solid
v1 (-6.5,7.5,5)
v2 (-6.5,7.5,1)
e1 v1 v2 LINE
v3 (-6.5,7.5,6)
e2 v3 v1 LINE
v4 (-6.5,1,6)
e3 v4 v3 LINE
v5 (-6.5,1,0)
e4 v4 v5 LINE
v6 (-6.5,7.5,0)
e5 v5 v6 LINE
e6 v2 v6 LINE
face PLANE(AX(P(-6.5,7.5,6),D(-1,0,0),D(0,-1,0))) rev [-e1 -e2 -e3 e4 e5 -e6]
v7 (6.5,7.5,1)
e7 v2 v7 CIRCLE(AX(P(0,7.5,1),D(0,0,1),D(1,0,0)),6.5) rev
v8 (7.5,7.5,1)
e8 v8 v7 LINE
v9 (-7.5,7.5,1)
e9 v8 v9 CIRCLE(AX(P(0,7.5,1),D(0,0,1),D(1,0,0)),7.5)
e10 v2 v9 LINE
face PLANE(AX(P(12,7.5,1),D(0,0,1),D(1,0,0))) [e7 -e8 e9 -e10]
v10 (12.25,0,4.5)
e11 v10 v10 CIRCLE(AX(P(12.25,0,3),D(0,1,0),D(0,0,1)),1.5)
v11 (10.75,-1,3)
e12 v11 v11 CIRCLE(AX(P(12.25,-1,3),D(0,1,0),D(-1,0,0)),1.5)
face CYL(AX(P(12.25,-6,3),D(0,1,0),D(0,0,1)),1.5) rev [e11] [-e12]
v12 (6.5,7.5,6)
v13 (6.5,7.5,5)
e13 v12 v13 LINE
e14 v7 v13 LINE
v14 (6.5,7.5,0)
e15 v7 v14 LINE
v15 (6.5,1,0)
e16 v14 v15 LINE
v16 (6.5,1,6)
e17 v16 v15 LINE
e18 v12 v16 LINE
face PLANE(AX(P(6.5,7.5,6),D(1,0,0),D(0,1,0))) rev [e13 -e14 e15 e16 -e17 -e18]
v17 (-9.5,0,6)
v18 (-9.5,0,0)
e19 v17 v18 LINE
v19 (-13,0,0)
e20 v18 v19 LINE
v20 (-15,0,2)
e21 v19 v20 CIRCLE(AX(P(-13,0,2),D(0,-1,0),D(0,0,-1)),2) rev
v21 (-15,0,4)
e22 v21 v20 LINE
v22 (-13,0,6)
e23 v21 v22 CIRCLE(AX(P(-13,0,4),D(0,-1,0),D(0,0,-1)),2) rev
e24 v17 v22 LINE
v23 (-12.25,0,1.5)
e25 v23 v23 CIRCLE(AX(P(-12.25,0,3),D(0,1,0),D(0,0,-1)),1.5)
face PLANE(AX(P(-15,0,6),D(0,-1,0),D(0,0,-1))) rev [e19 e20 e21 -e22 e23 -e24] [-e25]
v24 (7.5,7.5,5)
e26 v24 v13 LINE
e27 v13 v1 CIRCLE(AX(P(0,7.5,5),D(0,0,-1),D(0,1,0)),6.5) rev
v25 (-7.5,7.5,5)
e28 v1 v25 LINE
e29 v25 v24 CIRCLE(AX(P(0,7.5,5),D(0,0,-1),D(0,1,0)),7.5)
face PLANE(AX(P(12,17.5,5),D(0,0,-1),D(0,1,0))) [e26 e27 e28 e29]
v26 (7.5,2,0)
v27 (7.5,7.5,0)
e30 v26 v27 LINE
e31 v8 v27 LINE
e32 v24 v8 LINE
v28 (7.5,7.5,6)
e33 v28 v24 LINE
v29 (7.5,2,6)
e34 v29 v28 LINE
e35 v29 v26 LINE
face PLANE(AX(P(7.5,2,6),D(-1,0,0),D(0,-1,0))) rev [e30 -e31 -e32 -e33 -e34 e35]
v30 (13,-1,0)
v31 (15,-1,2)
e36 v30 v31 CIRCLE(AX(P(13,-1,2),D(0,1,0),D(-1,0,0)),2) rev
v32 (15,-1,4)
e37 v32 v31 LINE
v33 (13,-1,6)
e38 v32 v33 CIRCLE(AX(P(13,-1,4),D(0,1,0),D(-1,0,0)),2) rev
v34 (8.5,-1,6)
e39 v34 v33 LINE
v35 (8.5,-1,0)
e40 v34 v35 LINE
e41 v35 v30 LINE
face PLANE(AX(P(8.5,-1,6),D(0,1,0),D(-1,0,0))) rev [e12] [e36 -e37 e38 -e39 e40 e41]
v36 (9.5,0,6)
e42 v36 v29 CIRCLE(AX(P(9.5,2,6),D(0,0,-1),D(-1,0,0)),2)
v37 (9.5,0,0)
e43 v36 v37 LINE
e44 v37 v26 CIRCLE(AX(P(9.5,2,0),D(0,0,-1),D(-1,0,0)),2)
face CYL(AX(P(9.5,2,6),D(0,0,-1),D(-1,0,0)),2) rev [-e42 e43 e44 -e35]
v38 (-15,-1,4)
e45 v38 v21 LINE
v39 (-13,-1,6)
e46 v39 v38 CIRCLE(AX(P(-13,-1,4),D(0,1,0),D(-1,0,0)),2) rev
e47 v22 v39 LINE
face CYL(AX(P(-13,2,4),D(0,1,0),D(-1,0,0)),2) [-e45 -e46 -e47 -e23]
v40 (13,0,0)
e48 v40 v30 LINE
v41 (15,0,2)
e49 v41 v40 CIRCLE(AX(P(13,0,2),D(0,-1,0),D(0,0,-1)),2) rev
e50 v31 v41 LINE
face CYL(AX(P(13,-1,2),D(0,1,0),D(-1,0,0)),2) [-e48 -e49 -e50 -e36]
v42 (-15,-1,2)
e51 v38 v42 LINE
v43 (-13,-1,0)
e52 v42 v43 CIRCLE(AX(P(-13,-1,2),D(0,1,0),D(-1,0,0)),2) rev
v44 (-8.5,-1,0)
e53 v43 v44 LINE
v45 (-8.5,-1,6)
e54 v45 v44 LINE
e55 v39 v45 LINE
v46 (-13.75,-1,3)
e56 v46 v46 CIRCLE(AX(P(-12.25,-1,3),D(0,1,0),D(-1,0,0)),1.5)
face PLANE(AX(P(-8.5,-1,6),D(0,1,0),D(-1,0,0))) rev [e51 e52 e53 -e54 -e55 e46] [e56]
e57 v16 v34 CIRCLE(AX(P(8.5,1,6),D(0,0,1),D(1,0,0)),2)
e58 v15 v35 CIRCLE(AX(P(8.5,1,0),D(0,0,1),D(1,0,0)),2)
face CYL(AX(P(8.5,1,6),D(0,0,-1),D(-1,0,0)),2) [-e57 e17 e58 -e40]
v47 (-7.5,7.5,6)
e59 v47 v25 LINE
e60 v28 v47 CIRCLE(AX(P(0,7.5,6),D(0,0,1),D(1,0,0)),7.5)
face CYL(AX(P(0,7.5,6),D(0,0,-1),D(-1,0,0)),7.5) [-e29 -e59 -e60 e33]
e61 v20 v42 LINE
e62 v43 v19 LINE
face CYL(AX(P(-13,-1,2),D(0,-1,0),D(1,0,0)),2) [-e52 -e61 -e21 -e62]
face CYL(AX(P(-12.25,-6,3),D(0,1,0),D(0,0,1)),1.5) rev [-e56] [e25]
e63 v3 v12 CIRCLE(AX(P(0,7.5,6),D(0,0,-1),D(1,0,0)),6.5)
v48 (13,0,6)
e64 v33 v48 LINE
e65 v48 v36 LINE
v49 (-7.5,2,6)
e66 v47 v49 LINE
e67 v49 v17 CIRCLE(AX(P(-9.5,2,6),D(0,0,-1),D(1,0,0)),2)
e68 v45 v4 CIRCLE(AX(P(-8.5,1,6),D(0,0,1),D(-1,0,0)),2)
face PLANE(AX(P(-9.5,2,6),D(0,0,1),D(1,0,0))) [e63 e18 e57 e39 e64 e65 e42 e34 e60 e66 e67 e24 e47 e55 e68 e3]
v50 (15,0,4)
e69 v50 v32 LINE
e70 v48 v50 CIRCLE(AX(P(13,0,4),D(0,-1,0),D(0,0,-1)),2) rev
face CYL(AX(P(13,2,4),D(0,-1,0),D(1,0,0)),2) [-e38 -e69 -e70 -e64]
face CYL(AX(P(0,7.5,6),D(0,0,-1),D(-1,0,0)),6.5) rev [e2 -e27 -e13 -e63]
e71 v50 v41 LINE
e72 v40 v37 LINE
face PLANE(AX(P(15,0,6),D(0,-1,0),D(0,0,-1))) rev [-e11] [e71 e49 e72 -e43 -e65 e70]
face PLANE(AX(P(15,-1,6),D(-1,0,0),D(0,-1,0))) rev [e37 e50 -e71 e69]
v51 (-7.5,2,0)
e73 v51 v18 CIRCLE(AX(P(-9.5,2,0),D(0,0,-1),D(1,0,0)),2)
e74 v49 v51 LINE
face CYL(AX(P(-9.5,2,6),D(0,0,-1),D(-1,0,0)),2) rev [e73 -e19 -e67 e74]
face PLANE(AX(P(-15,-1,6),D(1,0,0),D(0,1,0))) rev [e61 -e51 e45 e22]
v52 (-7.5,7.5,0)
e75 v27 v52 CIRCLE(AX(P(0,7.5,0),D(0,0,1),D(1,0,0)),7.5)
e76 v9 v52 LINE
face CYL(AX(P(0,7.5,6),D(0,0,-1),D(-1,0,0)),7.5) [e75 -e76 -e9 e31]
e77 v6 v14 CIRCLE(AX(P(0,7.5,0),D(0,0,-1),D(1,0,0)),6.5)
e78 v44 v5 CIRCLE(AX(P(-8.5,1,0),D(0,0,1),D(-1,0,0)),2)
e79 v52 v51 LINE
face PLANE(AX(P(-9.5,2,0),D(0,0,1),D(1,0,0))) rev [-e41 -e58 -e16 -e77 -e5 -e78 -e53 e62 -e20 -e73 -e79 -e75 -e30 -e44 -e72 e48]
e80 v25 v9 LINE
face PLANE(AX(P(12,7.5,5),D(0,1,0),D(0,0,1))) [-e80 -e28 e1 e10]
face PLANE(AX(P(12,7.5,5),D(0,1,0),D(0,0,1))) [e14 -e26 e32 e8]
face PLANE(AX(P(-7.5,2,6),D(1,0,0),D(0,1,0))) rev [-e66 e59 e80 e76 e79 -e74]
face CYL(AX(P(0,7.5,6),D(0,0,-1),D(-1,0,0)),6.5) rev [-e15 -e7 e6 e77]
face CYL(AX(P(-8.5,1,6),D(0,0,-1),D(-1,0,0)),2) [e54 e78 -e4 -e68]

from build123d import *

# Parameters (mm, degrees)
BOSS_EXTRUDE1_DEPTH     = 6
SKETCH2_R               = 1.5
CUT_EXTRUDE1_DEPTH      = 6
CUT_EXTRUDE2_DEPTH      = 12
CUT_EXTRUDE2_DEPTH_BACK = 17
SKETCH3_W               = 4
SKETCH3_H               = 10
FILLET1_R               = 2


with BuildPart() as part:
    # Sketch1 → Boss-Extrude1 (new body)
    with BuildSketch(Plane.XY):
        with BuildLine():
            Line((-15, 0), (-9.5, 0))
            ThreePointArc((-9.5, 0), (-8.085786438, 0.585786438), (-7.5, 2))
            Line((-7.5, 2), (-7.5, 7.5))
            ThreePointArc((-7.5, 7.5), (0, 15), (7.5, 7.5))
            Line((7.5, 7.5), (7.5, 2))
            ThreePointArc((7.5, 2), (8.085786438, 0.585786438), (9.5, 0))
            Line((9.5, 0), (15, 0))
            Line((15, 0), (15, -1))
            Line((15, -1), (8.5, -1))
            ThreePointArc((8.5, -1), (7.085786438, -0.414213562), (6.5, 1))
            Line((6.5, 1), (6.5, 7.5))
            ThreePointArc((6.5, 7.5), (0, 14), (-6.5, 7.5))
            Line((-6.5, 7.5), (-6.5, 1))
            ThreePointArc((-6.5, 1), (-7.085786438, -0.414213562), (-8.5, -1))
            Line((-8.5, -1), (-15, -1))
            Line((-15, -1), (-15, 0))
        make_face()
    extrude(amount=BOSS_EXTRUDE1_DEPTH)

    # Sketch2 → Cut-Extrude1 (cut)
    with BuildSketch(Plane(origin=(0, 0, 0), x_dir=(1, 0, 0), z_dir=(0, 1, 0))):
        with Locations(Location((12.25, -3, 0), (0, 0, 270))):
            Circle(SKETCH2_R)
        with Locations(Location((-12.25, -3, 0), (0, 0, 180))):
            Circle(SKETCH2_R)
    extrude(amount=-CUT_EXTRUDE1_DEPTH, mode=Mode.SUBTRACT)

    # Sketch3 → Cut-Extrude2 (cut, two sides: drawn at the far end of the back side and taken through both)
    with BuildSketch(Plane(origin=(0, 0, 0), x_dir=(0, 0, -1), z_dir=(1, 0, 0)).offset(-CUT_EXTRUDE2_DEPTH_BACK)):
        with Locations((-3, 12.5)):
            Rectangle(SKETCH3_W, SKETCH3_H)
    extrude(amount=CUT_EXTRUDE2_DEPTH + CUT_EXTRUDE2_DEPTH_BACK, mode=Mode.SUBTRACT)

    # Fillet1
    fillet1_edges = [part.edges().sort_by_distance(p)[0] for p in [
        (15, -0.5, 0),
        (-15, -0.5, 0),
        (15, -0.5, 6),
        (-15, -0.5, 6),
    ]]
    fillet(fillet1_edges, radius=FILLET1_R)


solid = part.part
